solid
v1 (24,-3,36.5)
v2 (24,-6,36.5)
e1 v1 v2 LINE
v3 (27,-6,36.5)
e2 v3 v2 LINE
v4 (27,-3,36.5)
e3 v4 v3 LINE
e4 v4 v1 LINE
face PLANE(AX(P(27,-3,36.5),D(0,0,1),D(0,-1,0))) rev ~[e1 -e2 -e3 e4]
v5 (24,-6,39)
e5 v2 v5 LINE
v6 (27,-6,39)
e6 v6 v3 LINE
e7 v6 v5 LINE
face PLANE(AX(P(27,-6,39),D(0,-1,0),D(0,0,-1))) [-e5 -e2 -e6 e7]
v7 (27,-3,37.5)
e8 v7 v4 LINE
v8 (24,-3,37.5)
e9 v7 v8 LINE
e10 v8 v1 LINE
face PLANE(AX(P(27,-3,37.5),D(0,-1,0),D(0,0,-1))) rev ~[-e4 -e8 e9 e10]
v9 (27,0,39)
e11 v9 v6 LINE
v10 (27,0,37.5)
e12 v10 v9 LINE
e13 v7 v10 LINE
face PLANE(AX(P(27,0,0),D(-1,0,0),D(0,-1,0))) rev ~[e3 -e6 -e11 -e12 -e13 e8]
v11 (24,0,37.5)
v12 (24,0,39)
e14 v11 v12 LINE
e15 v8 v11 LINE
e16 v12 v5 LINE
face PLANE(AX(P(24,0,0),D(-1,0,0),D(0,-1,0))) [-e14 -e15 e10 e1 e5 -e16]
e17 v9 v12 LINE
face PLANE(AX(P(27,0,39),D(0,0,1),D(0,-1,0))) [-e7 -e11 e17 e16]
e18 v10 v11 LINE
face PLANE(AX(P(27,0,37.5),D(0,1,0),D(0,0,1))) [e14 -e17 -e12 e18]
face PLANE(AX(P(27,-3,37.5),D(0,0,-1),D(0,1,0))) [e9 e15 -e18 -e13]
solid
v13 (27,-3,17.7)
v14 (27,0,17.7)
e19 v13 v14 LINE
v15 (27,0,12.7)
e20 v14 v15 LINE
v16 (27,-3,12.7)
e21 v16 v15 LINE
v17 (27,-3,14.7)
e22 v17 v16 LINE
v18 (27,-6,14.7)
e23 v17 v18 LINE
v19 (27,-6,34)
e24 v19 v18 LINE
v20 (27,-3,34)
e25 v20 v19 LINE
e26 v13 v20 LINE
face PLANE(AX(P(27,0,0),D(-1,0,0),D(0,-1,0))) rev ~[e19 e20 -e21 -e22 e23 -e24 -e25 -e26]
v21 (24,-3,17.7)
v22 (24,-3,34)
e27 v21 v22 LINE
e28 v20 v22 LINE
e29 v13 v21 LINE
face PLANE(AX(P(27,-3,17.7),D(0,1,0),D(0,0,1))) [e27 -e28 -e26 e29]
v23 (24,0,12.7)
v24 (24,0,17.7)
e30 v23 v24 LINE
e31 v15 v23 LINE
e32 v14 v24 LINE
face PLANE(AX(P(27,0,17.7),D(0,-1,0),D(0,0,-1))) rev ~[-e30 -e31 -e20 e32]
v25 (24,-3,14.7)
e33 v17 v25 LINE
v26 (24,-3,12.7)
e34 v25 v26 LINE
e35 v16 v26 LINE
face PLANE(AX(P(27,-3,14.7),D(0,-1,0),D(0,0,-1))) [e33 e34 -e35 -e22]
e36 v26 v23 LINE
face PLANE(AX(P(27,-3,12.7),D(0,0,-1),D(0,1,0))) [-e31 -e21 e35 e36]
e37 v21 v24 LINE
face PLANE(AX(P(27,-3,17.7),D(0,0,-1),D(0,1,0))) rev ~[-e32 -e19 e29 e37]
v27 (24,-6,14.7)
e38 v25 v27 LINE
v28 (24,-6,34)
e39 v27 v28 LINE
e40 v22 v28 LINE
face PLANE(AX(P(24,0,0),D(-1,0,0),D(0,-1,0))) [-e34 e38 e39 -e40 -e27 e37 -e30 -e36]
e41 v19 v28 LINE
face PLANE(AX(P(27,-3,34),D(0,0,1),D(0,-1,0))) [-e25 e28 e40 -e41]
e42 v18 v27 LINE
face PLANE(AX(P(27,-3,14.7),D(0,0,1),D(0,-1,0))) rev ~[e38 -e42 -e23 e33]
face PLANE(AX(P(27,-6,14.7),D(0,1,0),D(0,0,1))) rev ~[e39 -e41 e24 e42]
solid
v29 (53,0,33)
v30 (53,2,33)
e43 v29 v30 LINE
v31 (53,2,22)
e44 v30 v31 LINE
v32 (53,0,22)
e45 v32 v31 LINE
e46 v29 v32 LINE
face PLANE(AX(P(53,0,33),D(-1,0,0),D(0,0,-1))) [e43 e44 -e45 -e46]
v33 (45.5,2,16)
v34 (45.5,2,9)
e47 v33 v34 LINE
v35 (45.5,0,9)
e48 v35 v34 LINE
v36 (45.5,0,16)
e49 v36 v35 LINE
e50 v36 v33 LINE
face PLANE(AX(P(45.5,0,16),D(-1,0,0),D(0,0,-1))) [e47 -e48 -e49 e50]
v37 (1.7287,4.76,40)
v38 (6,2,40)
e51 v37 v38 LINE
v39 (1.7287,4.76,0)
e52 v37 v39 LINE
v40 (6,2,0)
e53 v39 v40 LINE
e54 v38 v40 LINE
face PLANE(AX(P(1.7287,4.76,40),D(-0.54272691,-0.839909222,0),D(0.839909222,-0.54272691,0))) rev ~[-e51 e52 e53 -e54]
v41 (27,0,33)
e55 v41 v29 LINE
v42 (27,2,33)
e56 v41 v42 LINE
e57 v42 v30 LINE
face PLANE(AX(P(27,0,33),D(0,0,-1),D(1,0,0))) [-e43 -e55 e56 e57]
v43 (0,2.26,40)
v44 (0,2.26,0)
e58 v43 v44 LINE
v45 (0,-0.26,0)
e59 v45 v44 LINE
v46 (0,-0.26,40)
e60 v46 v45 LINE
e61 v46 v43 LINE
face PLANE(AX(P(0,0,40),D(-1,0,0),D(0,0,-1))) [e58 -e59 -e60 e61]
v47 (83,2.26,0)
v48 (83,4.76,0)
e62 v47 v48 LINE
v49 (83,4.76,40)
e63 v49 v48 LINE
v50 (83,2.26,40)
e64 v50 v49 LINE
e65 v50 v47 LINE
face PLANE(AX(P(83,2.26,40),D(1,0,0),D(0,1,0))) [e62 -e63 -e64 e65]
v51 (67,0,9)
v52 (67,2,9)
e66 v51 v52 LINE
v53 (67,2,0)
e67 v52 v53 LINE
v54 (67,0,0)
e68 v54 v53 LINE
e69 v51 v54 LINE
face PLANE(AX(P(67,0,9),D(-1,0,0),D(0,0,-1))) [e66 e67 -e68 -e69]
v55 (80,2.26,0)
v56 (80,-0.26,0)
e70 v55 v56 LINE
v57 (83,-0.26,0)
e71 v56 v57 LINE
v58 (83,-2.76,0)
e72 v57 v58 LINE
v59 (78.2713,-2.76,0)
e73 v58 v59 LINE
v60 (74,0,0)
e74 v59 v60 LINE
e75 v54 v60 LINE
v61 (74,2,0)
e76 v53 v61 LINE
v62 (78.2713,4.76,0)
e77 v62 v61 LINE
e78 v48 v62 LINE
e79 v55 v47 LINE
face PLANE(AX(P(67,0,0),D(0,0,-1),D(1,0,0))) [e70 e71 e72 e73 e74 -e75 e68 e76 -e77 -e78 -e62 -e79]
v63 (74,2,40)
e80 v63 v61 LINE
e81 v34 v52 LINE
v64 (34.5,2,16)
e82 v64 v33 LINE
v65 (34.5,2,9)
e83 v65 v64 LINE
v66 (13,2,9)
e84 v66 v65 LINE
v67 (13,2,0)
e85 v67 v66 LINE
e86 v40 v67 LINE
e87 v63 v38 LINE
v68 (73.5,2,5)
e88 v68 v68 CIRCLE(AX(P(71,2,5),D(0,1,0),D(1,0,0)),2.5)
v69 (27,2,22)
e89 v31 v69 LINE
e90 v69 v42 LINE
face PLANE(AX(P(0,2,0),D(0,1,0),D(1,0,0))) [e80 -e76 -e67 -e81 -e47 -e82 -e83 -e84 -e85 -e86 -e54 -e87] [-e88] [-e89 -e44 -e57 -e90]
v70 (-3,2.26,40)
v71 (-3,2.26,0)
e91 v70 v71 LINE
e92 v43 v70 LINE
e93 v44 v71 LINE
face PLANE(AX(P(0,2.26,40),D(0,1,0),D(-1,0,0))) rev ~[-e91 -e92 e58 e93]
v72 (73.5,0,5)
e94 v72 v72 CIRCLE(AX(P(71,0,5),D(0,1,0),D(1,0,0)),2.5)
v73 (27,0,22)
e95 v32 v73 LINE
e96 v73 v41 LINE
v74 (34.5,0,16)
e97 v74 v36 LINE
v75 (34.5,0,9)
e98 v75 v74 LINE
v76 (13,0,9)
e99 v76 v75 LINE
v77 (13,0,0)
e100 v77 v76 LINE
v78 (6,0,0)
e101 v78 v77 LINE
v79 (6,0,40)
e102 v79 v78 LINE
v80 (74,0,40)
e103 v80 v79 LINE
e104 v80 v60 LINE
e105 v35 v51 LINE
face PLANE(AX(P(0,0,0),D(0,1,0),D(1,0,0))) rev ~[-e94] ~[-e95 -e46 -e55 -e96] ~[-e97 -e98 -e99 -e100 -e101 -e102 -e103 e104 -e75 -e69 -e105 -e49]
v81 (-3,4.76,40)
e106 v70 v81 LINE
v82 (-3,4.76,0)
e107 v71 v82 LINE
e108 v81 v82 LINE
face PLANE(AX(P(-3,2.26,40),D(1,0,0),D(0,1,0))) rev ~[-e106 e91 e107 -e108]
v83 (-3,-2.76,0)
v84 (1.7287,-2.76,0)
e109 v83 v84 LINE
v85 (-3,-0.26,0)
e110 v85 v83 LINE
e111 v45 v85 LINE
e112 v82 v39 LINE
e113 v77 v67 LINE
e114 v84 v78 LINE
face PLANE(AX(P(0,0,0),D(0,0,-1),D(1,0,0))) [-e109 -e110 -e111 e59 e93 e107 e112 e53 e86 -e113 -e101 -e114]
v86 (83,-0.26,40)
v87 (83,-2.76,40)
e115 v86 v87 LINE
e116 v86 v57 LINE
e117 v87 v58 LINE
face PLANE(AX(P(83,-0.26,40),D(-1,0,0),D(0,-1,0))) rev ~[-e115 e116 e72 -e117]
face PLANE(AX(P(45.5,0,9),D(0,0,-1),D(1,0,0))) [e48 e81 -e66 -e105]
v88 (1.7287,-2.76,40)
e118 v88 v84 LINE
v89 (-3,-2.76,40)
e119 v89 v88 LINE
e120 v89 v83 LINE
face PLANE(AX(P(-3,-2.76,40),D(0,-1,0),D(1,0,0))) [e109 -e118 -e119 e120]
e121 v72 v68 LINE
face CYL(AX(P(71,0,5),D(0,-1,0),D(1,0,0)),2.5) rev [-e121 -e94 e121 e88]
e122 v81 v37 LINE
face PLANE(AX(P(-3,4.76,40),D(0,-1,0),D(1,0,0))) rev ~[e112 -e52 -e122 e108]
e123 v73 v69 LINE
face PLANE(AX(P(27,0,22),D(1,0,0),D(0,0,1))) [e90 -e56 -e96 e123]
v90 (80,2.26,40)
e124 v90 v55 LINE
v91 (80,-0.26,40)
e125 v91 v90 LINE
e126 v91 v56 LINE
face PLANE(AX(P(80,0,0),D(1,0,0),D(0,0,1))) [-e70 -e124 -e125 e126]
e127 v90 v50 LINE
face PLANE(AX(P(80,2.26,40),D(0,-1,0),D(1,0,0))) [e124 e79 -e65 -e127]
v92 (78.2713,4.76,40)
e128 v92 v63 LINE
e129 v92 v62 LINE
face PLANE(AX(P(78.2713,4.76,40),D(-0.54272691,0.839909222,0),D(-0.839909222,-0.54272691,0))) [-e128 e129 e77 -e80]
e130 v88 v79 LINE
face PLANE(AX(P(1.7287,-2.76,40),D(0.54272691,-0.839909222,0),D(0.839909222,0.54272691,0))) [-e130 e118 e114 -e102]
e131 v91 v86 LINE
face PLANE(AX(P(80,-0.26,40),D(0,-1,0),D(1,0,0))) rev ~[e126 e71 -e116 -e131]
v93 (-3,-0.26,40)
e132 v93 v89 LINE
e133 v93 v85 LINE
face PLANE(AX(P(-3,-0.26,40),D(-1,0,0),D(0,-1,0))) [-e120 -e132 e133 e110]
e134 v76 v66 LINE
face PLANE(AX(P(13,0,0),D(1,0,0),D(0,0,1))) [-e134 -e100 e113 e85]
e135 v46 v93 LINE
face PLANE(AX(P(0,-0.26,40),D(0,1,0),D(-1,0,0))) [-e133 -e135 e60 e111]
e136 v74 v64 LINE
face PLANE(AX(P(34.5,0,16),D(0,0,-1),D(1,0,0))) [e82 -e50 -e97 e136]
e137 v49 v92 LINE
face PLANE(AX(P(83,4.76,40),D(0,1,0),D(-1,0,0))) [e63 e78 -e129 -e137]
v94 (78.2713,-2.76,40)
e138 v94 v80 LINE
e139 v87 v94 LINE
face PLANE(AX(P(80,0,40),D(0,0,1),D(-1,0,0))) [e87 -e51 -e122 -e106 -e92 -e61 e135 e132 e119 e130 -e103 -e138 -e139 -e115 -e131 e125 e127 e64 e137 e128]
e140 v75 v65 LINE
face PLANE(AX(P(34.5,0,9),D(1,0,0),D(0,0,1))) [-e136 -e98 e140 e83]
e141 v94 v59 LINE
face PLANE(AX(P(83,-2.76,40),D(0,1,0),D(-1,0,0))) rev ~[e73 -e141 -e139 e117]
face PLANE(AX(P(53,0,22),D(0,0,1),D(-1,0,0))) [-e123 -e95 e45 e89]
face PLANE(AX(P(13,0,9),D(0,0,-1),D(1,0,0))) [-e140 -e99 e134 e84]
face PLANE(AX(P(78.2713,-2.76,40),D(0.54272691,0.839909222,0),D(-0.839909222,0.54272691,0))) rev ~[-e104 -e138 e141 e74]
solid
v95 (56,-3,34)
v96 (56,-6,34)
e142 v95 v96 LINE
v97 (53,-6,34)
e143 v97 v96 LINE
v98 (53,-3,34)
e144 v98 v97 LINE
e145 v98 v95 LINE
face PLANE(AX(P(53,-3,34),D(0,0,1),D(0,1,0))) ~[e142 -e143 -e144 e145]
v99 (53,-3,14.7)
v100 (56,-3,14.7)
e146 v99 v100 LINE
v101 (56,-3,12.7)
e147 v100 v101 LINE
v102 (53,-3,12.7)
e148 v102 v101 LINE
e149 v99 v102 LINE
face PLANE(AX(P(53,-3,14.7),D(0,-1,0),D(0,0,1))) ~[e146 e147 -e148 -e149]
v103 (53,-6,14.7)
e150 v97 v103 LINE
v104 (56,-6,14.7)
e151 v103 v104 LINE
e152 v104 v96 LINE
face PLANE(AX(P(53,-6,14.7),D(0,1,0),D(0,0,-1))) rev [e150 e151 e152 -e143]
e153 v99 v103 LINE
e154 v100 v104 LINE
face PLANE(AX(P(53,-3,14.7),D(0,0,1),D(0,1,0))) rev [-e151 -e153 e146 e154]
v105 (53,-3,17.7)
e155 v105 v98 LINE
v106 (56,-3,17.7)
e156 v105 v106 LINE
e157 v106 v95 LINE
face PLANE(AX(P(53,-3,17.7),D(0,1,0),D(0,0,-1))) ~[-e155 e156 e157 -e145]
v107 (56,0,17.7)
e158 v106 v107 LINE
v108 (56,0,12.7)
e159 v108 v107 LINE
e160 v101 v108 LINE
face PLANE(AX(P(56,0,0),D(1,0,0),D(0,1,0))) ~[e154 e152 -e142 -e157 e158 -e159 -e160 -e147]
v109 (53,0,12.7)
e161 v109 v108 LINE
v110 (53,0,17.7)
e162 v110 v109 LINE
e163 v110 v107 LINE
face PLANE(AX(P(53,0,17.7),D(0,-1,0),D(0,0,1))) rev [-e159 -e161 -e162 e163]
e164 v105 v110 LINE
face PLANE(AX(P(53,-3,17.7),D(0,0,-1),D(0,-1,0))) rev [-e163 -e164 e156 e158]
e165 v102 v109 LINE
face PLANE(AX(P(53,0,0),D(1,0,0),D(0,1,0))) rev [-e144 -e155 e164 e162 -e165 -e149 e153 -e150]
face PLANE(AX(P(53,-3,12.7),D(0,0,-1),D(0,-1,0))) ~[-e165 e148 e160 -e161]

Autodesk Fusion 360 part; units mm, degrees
sketch "Sketch1" plane through (0, 0, 0) normal (0, 1, 0) x (1, 0, 0) in component "wire_organizer"
  line L0 (0, 0) -> (80, 0)
  line L1 (80, 0) -> (80, -40)
  line L2 (80, -40) -> (0, -40)
  line L3 (0, -40) -> (0, 0)
  line L4 (34.5, -16) -> (45.5, -16)
  line L5 (45.5, -16) -> (45.5, -9)
  line L6 (45.5, -9) -> (34.5, -9)
  line L7 (34.5, -9) -> (34.5, -16)
  circle A0 centre (71, -5) radius 2.5
  line L8 (27, -33) -> (53, -33)
  line L9 (53, -33) -> (53, -22)
  line L10 (53, -22) -> (27, -22)
  line L11 (27, -22) -> (27, -33)
  line L12 (40, -40) -> (40, -26) construction
  line L13 (67, 0) -> (13, 0)
  line L14 (13, 0) -> (13, -9)
  line L15 (13, -9) -> (67, -9)
  line L16 (67, -9) -> (67, 0)
  dimension "d1" = 80
  dimension "d2" = 40
  dimension "d3" = 11
  dimension "d4" = 7
  dimension "d5" = 5
  dimension "d6" = 26
  dimension "d7" = 11
  dimension "d9" = 5
  dimension "d15" = 54
  dimension "d16" = 9
  dimension "d17" = 6
  dimension "d42" = 4
extrude "Extrude1" add sketch "Sketch1" along normal blind 2 contours L0 L1 L2 L3 L4 L5 L7 L14 L15 L16 makes body 1 in component "wire_organizer"
ref_plane "WorkPlane1" through (27, 1, 20) normal (-1, 0, 0) x (0, 0, 1) in component "wire_organizer"
sketch "Sketch3" plane through (27, 0, 0) normal (-1, 0, 0) x (0, -1, 0) in component "wire_organizer"
  line L0 (0, 14.7) -> (6, 14.7)
  line L1 (6, 14.7) -> (6, 17.7)
  line L2 (6, 17.7) -> (0, 17.7)
  line L3 (0, 17.7) -> (0, 14.7)
  line L4 (6, 17.7) -> (3, 17.7)
  line L5 (3, 17.7) -> (3, 34)
  line L6 (3, 34) -> (6, 34)
  line L7 (6, 34) -> (6, 17.7)
  line L8 (0, 0) -> (0, 40)
  line L9 (0, 14.7) -> (3, 14.7)
  line L10 (3, 14.7) -> (3, 12.7)
  line L11 (3, 12.7) -> (0, 12.7)
  line L12 (0, 12.7) -> (0, 14.7)
  line L13 (0, 22) -> (0, 33)
  line L14 (0, 39) -> (6, 39)
  line L15 (6, 39) -> (6, 37.5)
  line L16 (6, 37.5) -> (0, 37.5)
  line L17 (0, 37.5) -> (0, 39)
  line L18 (6, 37.5) -> (3, 37.5)
  line L19 (3, 37.5) -> (3, 36.5)
  line L20 (3, 36.5) -> (6, 36.5)
  line L21 (6, 36.5) -> (6, 37.5)
  point P0 (0, 22)
  dimension "d23" = 3
  dimension "d24" = 3
  dimension "d25" = 3
  dimension "d26" = 3
  dimension "d27" = 2
  dimension "d30" = 4.3
  dimension "d40" = 1.5
  dimension "d41" = 1
extrude "Extrude2" add sketch "Sketch3" along normal blind 3 separate body makes body 2 at (27, -5, 22.1333) makes body 3 at (26, -2, 39) in component "wire_organizer"
ref_plane "WorkPlane2" through (40, 1, 27.5) normal (-1, 0, 0) x (0, 0, 1) in component "wire_organizer"
mirror "Mirror1" about plane through (40, 1, 27.5) normal (-1, 0, 0) of bodies 2 makes body 4 in component "wire_organizer"
sketch "Sketch6" plane through (0, 0, 40) normal (0, 0, 1) x (-1, 0, 0) in component "wire_organizer"
  line L0 (-80, 0) -> (-80, -2)
  line L1 (0, -2) -> (-1.7287, -2)
  line L2 (-1.7287, -2) -> (-1.7287, -2.26)
  line L3 (-1.7287, -2.26) -> (0, -2.26)
  line L4 (0, -2.26) -> (0, -2)
  line L5 (-1.7287, -2.26) -> (3, -2.26)
  line L6 (3, -2.26) -> (3, -4.76)
  line L7 (3, -4.76) -> (-1.7287, -4.76)
  line L8 (-1.7287, -4.76) -> (-1.7287, -2.26)
  line L9 (0, 0) -> (0, -2)
  line L10 (0, -1) -> (3.7998, -1) construction
  line L11 (-1.7287, -4.76) -> (-6, -2)
  line L12 (0, -2) -> (-80, -2)
  line L13 (-1.7287, 2.76) -> (-6, 0)
  line L14 (-1.7287, 2.76) -> (-1.7287, 0.26)
  line L15 (3, 2.76) -> (-1.7287, 2.76)
  line L16 (3, 0.26) -> (3, 2.76)
  line L17 (-1.7287, 0.26) -> (3, 0.26)
  line L18 (0, 0) -> (-1.7287, 0)
  line L19 (-1.7287, 0) -> (-1.7287, 0.26)
  line L20 (0, 0.26) -> (0, 0)
  line L21 (-80, 0) -> (0, 0)
  line L22 (-40, -2) -> (-40, -11) construction
  line L23 (-40, -2) -> (-40, -11) construction
  line L24 (-78.2713, -4.76) -> (-74, -2)
  line L25 (-80, -2.26) -> (-80, -2)
  line L26 (0, 0) -> (-80, 0)
  line L27 (-78.2713, -4.76) -> (-78.2713, -2.26)
  line L28 (-83, 0.26) -> (-83, 2.76)
  line L29 (-78.2713, -2.26) -> (-83, -2.26)
  line L30 (-78.2713, 0.26) -> (-83, 0.26)
  line L31 (-78.2713, -2) -> (-78.2713, -2.26)
  line L32 (-80, 0.26) -> (-80, 0)
  line L33 (-83, 2.76) -> (-78.2713, 2.76)
  line L34 (-78.2713, 0) -> (-78.2713, 0.26)
  line L35 (-78.2713, 2.76) -> (-74, 0)
  line L36 (-80, 0) -> (-78.2713, 0)
  line L37 (-80, -2) -> (0, -2)
  line L38 (-78.2713, 2.76) -> (-78.2713, 0.26)
  line L39 (-80, -2) -> (-78.2713, -2)
  line L40 (-78.2713, -2.26) -> (-80, -2.26)
  line L41 (-80, 0) -> (-80, -2)
  line L42 (-83, -4.76) -> (-78.2713, -4.76)
  line L43 (-83, -2.26) -> (-83, -4.76)
  line L44 (-80, -1) -> (-83.7998, -1) construction
  point P0 (-80, 0)
  dimension "d36" = 1.26
  dimension "d37" = 2.5
extrude "Extrude4" add sketch "Sketch6" against normal up to surface (40 mm away) contours L21 L26 L30 L32 L34 L36 | L12 L25 L29 L31 L37 L39 L40 | L21 L26 L34 L35 L38 | L28 L30 L33 L38 | L12 L24 L27 L31 L37 | L27 L29 L40 L42 L43 | L13 L14 L19 L21 L26 | L2 L8 L11 L12 L37 | L14 L15 L16 L17 | L17 L18 L19 L20 L21 L26 | L3 L5 L6 L7 L8 | L1 L2 L3 L4 L5 L12 L37 bodies 1 in component "wire_organizer"
component "wire_organizer" placed x (1, 0, 0) y (0, 1, 0) z (0, 0, 1) at (0, 0, 0)
equation "d24 = d23"
equation "d26 = d23"
equation "d36 = ( 2.52 / 2 ) * 1 mm"
